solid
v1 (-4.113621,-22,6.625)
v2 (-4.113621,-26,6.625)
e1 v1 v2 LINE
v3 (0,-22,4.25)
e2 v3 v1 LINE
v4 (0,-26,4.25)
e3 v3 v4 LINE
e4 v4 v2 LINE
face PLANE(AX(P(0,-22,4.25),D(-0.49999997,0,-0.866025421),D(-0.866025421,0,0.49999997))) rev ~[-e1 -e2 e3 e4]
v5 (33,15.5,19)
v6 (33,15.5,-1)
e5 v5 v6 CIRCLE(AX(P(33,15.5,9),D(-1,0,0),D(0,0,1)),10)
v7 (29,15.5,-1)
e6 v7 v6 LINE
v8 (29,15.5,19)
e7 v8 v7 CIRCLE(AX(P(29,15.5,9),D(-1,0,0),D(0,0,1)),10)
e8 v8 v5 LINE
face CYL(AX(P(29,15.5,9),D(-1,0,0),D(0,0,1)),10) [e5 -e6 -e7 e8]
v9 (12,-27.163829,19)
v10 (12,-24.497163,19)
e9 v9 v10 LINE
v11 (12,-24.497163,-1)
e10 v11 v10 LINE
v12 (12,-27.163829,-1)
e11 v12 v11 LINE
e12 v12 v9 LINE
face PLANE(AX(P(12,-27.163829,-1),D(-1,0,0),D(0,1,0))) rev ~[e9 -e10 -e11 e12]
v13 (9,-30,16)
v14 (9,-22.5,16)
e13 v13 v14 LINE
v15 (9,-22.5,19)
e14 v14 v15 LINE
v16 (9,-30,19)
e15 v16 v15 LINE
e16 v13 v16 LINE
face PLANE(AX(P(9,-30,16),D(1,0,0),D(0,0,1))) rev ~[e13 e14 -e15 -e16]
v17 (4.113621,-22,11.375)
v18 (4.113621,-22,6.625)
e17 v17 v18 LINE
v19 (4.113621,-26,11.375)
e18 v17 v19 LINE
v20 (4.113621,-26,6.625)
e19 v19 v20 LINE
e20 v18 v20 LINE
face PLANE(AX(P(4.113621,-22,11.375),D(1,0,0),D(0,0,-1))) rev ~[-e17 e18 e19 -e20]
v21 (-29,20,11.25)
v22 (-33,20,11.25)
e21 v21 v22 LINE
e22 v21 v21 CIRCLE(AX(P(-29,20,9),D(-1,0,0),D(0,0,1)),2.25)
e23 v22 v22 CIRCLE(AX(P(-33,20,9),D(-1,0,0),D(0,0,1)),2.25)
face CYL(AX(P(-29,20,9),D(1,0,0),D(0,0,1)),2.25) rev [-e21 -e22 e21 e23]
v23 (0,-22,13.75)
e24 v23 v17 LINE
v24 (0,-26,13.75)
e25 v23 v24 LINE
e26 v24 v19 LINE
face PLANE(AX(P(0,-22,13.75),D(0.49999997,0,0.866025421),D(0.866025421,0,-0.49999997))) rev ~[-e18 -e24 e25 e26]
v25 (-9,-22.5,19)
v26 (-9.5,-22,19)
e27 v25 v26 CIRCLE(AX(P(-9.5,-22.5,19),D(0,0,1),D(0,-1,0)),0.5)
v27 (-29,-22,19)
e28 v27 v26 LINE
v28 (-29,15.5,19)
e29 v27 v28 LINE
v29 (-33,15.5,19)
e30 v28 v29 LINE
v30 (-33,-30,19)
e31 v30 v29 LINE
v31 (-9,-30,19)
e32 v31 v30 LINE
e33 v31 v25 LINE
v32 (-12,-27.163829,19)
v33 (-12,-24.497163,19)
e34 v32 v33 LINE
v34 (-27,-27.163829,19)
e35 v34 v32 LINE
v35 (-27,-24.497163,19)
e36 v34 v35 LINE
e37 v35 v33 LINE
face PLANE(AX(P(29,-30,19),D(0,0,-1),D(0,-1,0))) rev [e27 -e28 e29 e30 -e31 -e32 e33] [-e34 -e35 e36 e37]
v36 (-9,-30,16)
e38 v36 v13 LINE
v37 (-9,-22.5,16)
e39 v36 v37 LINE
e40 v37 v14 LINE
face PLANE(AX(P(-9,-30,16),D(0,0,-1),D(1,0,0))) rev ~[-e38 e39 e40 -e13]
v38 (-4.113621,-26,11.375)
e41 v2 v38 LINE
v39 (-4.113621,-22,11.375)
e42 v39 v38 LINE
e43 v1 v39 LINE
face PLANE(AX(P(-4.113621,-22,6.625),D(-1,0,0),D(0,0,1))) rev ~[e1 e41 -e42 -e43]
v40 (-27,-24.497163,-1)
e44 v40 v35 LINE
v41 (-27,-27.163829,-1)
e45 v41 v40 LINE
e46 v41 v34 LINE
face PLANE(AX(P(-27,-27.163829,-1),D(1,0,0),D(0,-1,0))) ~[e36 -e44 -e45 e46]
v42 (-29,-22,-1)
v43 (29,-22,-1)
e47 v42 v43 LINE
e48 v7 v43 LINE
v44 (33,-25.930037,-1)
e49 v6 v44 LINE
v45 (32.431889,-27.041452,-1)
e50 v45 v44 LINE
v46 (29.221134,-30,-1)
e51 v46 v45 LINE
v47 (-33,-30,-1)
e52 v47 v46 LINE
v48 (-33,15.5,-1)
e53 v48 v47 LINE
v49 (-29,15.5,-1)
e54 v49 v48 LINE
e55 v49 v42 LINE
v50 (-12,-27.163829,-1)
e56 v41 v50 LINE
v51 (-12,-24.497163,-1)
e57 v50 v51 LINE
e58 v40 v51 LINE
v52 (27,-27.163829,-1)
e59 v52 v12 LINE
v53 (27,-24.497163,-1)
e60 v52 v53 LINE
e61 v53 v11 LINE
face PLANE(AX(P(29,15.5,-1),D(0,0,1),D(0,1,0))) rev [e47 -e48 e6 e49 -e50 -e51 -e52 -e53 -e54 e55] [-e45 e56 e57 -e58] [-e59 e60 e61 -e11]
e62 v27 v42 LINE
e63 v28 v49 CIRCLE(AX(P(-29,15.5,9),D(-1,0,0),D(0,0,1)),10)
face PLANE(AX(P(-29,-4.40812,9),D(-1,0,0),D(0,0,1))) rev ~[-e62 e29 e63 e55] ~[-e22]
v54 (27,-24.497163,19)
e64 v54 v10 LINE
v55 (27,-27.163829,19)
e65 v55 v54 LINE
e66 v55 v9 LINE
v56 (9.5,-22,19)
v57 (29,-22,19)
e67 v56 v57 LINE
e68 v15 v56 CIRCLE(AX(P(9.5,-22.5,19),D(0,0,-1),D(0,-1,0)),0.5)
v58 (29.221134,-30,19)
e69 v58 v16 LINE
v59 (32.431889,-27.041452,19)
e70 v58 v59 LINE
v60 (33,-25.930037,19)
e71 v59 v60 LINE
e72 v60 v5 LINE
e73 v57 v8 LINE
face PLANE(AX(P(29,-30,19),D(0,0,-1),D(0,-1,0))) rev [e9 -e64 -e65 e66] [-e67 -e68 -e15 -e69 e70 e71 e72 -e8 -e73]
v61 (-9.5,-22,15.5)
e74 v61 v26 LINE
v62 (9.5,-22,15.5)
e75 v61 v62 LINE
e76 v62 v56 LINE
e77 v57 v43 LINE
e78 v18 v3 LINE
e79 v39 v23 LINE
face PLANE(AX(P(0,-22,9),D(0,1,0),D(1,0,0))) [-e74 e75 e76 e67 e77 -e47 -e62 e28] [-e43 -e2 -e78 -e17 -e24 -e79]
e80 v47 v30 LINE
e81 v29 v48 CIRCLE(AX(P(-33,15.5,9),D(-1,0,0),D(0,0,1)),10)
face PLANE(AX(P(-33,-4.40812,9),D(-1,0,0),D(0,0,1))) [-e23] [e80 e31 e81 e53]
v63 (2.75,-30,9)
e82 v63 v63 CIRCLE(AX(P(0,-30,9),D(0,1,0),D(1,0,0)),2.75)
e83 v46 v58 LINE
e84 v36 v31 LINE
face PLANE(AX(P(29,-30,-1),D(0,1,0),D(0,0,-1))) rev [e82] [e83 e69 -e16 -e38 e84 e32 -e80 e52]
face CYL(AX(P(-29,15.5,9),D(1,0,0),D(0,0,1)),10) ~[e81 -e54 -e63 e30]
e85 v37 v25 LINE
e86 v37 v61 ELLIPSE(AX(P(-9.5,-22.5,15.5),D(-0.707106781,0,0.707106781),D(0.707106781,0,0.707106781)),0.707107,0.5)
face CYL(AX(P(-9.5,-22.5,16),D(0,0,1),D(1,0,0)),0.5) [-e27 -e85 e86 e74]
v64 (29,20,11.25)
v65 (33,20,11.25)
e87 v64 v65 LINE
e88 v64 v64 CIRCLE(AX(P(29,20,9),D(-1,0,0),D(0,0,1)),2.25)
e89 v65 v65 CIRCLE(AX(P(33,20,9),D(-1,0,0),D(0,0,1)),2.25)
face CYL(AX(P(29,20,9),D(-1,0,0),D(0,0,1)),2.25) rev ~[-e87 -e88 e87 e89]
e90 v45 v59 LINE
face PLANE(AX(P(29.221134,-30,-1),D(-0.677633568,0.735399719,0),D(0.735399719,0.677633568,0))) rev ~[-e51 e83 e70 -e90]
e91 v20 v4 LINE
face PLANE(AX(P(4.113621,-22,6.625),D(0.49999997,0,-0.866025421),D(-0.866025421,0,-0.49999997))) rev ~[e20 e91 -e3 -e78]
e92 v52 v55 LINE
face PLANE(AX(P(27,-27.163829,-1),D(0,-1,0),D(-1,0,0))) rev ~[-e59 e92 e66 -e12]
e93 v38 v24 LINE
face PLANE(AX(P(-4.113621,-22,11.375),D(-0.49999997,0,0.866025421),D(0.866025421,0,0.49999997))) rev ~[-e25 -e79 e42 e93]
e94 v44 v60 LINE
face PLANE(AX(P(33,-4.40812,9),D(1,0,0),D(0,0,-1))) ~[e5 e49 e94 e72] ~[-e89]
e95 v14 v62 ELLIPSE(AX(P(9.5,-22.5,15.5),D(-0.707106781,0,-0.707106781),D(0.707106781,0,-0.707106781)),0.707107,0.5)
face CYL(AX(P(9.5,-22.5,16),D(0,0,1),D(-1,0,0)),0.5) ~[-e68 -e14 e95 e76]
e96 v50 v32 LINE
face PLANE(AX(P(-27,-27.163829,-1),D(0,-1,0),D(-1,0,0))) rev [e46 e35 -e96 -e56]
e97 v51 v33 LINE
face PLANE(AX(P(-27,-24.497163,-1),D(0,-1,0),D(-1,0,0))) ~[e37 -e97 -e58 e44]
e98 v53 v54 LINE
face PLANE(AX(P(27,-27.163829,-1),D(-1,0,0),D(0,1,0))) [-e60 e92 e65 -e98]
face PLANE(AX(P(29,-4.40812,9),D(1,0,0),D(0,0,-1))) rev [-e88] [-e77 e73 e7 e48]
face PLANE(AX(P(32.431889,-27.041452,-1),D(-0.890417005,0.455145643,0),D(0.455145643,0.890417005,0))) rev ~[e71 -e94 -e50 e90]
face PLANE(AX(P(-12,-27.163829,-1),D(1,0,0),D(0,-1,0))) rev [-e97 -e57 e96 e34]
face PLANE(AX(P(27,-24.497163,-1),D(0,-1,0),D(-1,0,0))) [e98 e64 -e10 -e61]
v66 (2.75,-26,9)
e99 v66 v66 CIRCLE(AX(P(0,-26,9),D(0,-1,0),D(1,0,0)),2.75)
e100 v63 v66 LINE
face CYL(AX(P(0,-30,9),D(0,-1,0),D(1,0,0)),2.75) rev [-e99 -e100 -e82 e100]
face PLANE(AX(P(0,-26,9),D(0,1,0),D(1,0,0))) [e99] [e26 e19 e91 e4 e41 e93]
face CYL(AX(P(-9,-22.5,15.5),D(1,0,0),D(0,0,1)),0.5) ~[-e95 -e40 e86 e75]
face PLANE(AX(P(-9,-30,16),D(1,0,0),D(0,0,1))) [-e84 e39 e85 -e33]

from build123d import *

# Parameters (mm, degrees)
SKETCH005_W             = 58
SKETCH005_H             = 20
SKETCH005_R             = 2.75
PAD004_DEPTH            = 8
SKETCH006_R             = 2.25
PAD005_DEPTH            = 4
POCKET005_DEPTH         = 4
SKETCH011_W             = 15
SKETCH011_H             = 2.666667
POCKET007_DEPTH         = 20
SKETCH012_W             = 18
SKETCH012_H             = 3
POCKET008_DEPTH         = 8
FILLET_R                = 0.5
POCKET009_DEPTH         = 20
BODY002_PLACEMENT_ANGLE = 180


with BuildPart() as part:
    # Sketch005 → Pad004 (new body)
    with BuildSketch(Plane.XZ):
        Rectangle(SKETCH005_W, SKETCH005_H)
        Circle(SKETCH005_R, mode=Mode.SUBTRACT)
    extrude(amount=PAD004_DEPTH)

    # Sketch006 (on Face4 of Pad004) → Pad005 (join)
    with BuildSketch(Plane(origin=(-29, 0, 0), x_dir=(0, 0, -1), z_dir=(-1, 0, 0))):
        with BuildLine():
            Line((-10, 0), (10, 0))
            Line((10, 0), (10, 45.5))
            ThreePointArc((10, 45.5), (0, 55.5), (-10, 45.5))
            Line((-10, 45.5), (-10, 0))
        make_face()
        with Locations((0, 50)):
            Circle(SKETCH006_R, mode=Mode.SUBTRACT)
    pad005 = extrude(amount=PAD005_DEPTH)

    # Mirrored003: Pad005 across YZ
    add(pad005.mirror(Plane.YZ))

    # Sketch007 (on Face5 of Mirrored003) → Pocket005 (cut)
    with BuildSketch(Plane.XZ.offset(8)):
        Polygon((4.113621, 2.375), (0, 4.75), (-4.113621, 2.375), (-4.113621, -2.375), (0, -4.75), (4.113621, -2.375), align=None)
    extrude(amount=-POCKET005_DEPTH, mode=Mode.SUBTRACT)

    # Sketch011 (on Face14 of Pocket005) → Pocket007 (cut)
    with BuildSketch(Plane(origin=(0, 0, 10), x_dir=(-1, 0, 0), z_dir=(0, 0, 1))):
        with Locations((-19.5, 4.169504)):
            Rectangle(SKETCH011_W, SKETCH011_H)
    pocket007 = extrude(amount=-POCKET007_DEPTH, mode=Mode.SUBTRACT)

    # Mirrored004: Pocket007 across YZ
    add(pocket007.mirror(Plane.YZ), mode=Mode.SUBTRACT)

    # Sketch012 (on Face3 of Mirrored004) → Pocket008 (cut)
    with BuildSketch(Plane(origin=(0, 0, 0), x_dir=(1, 0, 0), z_dir=(0, 1, 0))):
        with Locations((0, 8.5)):
            Rectangle(SKETCH012_W, SKETCH012_H)
    extrude(amount=-POCKET008_DEPTH, mode=Mode.SUBTRACT)

    # Fillet
    fillet_edges = [part.edges().sort_by_distance(p)[0] for p in [
        (0, -8, -7),
        (9, -8, -8.5),
        (-9, -8, -8.5),
    ]]
    fillet(fillet_edges, radius=FILLET_R)

    # Sketch013 (on Face35 of Fillet) → Pocket009 (cut)
    with BuildSketch(Plane(origin=(0, 0, 10), x_dir=(-1, 0, 0), z_dir=(0, 0, 1))):
        Polygon((-29.221134, 0), (-32.431889, 2.958548), (-33, 4.069963), (-33, 0), align=None)
    extrude(amount=-POCKET009_DEPTH, mode=Mode.SUBTRACT)


with BuildPart() as part_1:
    # Body002 placement: moved
    add(part.part.moved(Location((0, -30, 9))).rotate(Axis((0, -30, 9), (1, 0, 0)), BODY002_PLACEMENT_ANGLE))


solid = part_1.part
